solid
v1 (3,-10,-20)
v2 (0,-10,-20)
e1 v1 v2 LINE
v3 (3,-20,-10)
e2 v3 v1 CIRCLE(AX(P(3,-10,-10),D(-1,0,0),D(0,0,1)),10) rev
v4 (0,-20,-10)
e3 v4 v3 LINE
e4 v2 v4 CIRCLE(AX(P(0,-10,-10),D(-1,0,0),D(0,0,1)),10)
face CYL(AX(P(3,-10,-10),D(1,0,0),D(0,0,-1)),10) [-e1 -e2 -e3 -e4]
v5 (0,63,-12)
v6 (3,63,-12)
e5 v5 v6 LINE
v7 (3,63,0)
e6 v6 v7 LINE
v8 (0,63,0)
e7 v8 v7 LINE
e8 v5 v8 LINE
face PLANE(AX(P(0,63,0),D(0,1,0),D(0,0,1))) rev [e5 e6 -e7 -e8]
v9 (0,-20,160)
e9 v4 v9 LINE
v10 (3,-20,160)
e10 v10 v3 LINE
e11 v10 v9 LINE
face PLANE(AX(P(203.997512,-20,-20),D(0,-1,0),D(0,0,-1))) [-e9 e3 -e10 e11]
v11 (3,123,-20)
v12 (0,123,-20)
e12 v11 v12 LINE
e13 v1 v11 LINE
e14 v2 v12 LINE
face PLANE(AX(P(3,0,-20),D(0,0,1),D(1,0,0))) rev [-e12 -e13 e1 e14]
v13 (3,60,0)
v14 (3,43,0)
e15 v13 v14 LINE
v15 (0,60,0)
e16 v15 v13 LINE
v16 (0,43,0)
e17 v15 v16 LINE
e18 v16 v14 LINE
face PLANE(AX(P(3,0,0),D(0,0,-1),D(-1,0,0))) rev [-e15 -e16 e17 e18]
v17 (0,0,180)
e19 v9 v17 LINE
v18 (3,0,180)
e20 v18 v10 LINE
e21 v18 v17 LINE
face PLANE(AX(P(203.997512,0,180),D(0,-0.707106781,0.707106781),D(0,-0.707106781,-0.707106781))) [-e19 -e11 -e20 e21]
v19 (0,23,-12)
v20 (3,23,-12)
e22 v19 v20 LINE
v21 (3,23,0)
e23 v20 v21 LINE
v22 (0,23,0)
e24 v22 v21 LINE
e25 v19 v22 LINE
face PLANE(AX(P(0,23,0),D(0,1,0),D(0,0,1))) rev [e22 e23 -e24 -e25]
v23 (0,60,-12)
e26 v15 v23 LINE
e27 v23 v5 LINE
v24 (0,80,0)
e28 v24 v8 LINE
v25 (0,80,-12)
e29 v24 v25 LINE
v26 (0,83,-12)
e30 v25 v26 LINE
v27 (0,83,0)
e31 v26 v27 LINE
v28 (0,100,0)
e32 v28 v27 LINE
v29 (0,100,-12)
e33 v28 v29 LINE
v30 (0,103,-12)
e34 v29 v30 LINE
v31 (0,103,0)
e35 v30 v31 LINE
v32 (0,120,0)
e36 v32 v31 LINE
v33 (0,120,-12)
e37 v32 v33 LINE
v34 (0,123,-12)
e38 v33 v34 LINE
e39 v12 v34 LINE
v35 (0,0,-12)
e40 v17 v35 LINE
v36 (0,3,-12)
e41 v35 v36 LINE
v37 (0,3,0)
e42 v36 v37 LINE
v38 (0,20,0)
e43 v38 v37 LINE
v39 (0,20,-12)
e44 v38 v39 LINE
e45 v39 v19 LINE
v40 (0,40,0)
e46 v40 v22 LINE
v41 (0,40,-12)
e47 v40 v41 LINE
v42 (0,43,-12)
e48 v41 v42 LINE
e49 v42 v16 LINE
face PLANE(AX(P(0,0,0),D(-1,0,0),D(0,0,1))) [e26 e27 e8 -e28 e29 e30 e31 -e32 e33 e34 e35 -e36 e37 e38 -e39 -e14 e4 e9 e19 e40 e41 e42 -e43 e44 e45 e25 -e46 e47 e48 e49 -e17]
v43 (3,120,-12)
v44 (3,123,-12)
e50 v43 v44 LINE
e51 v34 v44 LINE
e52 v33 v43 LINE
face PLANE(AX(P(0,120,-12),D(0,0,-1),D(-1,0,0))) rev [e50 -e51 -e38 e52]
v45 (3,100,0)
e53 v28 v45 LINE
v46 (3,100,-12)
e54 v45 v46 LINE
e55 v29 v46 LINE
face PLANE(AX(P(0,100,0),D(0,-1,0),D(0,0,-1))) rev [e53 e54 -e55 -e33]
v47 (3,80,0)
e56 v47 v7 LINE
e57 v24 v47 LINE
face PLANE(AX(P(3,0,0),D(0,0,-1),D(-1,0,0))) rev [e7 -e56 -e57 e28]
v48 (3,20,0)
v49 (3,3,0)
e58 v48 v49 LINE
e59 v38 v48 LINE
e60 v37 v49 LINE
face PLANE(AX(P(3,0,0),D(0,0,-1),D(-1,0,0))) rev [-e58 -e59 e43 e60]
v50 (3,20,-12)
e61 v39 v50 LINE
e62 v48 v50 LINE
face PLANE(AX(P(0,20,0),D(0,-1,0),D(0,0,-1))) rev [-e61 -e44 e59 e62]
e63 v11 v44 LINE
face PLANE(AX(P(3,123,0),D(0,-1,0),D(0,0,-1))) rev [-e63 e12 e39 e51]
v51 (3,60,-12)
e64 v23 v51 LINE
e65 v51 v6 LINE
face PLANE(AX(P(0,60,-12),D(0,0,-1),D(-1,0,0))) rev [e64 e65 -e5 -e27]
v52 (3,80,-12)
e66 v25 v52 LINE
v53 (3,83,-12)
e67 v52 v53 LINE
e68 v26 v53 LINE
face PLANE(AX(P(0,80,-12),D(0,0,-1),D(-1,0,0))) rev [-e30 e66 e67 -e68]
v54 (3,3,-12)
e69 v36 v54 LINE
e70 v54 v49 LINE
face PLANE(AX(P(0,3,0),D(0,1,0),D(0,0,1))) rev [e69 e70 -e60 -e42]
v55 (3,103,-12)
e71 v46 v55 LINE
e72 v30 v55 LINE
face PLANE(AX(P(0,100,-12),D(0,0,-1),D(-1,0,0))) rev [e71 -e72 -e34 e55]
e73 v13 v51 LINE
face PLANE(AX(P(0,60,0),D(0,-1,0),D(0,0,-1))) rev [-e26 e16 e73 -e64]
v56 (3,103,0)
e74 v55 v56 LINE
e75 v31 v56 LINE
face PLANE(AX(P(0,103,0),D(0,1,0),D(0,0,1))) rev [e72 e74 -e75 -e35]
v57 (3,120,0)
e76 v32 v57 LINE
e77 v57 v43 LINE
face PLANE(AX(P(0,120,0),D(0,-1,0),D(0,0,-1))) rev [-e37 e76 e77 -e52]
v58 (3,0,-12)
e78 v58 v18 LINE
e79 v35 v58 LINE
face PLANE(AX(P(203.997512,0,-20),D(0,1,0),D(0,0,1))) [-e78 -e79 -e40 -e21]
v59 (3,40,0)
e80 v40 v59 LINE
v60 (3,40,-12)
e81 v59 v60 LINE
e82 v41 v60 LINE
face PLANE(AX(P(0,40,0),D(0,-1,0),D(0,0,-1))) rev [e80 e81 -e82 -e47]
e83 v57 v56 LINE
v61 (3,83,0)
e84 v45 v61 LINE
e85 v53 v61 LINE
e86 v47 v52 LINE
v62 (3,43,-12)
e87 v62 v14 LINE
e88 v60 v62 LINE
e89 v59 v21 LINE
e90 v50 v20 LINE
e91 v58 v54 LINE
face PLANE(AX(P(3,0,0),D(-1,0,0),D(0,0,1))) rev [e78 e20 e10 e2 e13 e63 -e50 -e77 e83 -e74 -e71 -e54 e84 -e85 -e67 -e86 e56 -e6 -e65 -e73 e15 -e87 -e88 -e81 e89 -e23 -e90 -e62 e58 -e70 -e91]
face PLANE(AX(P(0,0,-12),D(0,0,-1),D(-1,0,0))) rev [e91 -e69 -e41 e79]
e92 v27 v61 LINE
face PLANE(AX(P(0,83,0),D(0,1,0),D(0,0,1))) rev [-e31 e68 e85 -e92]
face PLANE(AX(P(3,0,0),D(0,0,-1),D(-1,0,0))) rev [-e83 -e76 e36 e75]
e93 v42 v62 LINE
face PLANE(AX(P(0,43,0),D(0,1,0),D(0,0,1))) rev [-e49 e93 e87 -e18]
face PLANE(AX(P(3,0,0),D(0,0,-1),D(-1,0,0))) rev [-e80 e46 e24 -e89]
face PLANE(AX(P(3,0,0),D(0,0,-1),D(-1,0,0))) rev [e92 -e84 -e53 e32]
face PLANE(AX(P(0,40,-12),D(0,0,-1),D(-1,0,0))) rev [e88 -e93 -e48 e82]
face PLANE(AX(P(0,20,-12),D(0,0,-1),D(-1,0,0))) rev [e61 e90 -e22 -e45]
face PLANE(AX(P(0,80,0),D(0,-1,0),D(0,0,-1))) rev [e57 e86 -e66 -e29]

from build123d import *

# Parameters (mm, degrees)
SKETCH1_W           = 20
SKETCH1_H           = 123
BOSS_EXTRUDE1_DEPTH = 3
SKETCH2_W           = 12
SKETCH2_H           = 3
CUT_EXTRUDE1_DEPTH  = 125.651514231
LPATTERN1_COUNT     = 7
LPATTERN1_PITCH     = 20
BOSS_EXTRUDE2_DEPTH = 3
FILLET1_R           = 10


with BuildPart() as part:
    # Sketch1 → Boss-Extrude1 (new body)
    with BuildSketch(Plane(origin=(0, 0, 0), x_dir=(0, 0, -1), z_dir=(1, 0, 0))):
        with Locations((10, 61.5)):
            Rectangle(SKETCH1_W, SKETCH1_H)
    extrude(amount=BOSS_EXTRUDE1_DEPTH)

    # Sketch2 → Cut-Extrude1 (cut, through all)
    with BuildSketch(Plane(origin=(3, 0, 0), x_dir=(0, 0, -1), z_dir=(1, 0, 0))):
        with Locations((6, 1.5)):
            Rectangle(SKETCH2_W, SKETCH2_H)
    cut_extrude1 = extrude(amount=-CUT_EXTRUDE1_DEPTH, mode=Mode.SUBTRACT)

    # LPattern1: Cut-Extrude1 ×7
    with Locations(*[(0, i * LPATTERN1_PITCH, 0) for i in range(1, LPATTERN1_COUNT)]):
        add(cut_extrude1, mode=Mode.SUBTRACT)

    # Sketch3 → Boss-Extrude2 (add)
    with BuildSketch(Plane.ZY):
        Polygon((180, 0), (160, -20), (-20, -20), (-20, 0), align=None)
    extrude(amount=-BOSS_EXTRUDE2_DEPTH)

    # Fillet1
    fillet1_edges = [part.edges().sort_by_distance(p)[0] for p in [
        (1.5, -20, -20),
    ]]
    fillet(fillet1_edges, radius=FILLET1_R)


solid = part.part
